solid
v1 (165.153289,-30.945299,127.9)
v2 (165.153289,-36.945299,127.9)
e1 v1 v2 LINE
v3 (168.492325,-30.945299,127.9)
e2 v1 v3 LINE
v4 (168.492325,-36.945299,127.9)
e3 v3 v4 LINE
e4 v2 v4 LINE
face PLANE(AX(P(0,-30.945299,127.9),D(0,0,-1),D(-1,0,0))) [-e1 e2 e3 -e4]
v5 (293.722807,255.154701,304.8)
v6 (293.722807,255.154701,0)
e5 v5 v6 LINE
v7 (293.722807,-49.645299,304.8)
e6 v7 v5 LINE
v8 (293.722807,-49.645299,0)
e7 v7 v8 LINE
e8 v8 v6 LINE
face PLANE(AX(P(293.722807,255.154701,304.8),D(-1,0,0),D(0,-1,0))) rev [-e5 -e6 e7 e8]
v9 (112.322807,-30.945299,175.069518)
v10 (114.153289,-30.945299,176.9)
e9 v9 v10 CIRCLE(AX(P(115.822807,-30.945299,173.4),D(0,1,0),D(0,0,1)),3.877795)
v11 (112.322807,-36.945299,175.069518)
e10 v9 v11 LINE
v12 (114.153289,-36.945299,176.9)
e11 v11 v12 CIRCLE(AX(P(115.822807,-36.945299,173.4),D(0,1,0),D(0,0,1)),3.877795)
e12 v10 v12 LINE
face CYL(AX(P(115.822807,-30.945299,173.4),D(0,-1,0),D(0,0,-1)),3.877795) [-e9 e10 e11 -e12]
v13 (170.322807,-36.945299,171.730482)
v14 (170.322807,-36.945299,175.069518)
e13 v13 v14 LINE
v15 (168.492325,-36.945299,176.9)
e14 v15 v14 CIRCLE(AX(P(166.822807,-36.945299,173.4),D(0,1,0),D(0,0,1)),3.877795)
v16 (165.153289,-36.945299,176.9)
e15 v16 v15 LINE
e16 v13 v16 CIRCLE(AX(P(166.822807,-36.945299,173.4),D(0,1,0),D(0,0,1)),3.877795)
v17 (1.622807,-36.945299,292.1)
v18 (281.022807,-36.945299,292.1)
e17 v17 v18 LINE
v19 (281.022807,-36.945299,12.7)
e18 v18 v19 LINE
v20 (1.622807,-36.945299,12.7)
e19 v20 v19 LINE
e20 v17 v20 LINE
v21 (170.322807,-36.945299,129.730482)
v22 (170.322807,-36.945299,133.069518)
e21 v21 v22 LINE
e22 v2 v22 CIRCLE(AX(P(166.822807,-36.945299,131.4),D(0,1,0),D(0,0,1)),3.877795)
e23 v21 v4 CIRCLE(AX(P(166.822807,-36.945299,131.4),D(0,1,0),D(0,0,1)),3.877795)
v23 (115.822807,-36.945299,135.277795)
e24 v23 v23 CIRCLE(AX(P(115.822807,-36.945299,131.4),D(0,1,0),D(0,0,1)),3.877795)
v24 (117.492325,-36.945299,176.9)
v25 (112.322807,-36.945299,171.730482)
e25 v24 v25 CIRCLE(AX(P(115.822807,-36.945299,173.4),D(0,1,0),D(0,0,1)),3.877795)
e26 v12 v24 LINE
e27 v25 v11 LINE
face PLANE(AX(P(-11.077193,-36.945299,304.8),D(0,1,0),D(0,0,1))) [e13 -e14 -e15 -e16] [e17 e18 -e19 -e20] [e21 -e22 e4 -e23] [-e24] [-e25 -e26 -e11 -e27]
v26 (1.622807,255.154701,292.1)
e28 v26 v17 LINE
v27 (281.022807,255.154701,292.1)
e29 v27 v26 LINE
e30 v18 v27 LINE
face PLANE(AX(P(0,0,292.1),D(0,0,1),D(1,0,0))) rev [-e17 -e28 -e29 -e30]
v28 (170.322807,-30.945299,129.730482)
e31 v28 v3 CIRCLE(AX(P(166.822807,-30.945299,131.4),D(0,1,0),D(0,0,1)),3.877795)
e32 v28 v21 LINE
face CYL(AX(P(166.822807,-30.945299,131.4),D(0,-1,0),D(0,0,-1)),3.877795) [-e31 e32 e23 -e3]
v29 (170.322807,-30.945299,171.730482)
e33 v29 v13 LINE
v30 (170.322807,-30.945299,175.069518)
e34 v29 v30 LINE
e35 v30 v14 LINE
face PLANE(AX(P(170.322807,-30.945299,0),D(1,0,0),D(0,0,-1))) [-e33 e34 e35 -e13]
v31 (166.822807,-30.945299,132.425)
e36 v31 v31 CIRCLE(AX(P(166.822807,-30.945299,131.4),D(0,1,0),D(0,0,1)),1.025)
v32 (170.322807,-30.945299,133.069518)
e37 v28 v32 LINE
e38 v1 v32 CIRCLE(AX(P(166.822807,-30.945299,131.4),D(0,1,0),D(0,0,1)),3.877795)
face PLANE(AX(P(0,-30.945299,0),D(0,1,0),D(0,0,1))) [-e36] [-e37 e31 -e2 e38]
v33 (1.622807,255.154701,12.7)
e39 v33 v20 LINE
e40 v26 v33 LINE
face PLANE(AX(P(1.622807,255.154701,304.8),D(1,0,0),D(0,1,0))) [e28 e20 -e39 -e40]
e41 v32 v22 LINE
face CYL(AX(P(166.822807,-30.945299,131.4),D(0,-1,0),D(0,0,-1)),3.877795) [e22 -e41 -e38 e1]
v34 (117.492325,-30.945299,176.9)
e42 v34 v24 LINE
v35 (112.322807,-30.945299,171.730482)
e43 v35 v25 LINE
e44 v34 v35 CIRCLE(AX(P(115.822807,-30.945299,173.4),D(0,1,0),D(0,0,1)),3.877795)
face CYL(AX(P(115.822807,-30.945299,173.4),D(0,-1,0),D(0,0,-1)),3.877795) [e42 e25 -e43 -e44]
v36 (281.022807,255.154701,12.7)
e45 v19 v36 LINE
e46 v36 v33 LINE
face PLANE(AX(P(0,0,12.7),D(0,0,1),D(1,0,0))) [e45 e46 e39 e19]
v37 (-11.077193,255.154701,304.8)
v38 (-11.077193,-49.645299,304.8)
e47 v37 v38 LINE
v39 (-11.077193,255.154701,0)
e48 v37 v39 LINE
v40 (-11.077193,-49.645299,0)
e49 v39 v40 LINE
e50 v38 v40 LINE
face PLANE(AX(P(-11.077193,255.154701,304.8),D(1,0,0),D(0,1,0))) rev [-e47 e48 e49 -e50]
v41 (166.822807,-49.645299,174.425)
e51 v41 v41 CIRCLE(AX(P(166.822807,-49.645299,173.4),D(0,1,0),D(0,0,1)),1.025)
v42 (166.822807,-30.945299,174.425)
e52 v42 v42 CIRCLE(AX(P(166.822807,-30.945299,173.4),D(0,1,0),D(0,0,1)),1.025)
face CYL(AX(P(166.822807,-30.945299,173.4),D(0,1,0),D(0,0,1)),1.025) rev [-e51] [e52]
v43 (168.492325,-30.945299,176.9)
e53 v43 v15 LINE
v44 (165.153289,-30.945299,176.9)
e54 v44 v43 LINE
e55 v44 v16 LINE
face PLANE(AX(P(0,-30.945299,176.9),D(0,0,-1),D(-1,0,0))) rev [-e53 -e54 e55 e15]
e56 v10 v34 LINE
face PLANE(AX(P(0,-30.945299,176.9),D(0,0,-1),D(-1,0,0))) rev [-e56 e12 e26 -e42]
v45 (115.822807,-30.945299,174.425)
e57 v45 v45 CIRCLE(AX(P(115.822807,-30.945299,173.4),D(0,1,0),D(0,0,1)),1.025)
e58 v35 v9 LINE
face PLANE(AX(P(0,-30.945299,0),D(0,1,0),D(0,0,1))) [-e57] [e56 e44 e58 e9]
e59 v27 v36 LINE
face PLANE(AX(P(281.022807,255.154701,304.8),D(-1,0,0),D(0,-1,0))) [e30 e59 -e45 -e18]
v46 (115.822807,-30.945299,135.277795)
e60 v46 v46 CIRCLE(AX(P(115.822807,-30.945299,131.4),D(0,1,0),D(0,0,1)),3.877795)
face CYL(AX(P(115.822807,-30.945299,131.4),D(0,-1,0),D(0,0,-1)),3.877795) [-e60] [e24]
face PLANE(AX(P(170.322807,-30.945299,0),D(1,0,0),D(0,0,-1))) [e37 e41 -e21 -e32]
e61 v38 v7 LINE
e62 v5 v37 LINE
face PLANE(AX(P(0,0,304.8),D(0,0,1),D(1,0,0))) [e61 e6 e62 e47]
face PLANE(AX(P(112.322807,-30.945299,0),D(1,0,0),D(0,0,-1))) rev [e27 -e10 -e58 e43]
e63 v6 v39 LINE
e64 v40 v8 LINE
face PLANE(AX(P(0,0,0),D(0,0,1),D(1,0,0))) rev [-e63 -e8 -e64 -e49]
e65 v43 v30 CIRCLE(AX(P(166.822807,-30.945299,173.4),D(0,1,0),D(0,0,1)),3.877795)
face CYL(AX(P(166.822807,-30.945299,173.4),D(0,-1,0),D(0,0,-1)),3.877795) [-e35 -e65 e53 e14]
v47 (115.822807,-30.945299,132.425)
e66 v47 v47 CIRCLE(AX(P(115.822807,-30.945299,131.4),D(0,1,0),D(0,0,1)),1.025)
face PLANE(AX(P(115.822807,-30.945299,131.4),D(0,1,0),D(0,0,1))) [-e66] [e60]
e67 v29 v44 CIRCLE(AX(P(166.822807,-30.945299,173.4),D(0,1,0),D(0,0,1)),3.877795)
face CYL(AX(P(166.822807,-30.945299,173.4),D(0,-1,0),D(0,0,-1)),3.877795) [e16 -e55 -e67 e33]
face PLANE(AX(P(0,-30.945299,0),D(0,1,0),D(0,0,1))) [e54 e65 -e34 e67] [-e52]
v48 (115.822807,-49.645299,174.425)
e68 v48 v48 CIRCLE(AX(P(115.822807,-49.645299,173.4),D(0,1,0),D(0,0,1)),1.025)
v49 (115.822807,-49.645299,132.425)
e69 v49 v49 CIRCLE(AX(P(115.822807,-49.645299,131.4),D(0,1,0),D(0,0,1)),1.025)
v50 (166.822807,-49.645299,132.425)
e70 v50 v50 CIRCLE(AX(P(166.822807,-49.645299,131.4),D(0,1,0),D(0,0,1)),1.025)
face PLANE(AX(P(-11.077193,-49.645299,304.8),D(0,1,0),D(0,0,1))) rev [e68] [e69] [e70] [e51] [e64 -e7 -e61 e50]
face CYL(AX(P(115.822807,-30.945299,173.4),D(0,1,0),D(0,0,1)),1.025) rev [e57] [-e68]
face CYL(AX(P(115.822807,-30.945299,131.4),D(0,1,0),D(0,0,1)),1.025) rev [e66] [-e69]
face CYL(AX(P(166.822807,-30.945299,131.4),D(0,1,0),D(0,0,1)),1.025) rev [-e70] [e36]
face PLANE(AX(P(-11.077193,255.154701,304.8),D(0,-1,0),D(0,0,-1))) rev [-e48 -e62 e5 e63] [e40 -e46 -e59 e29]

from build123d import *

# Parameters (mm, degrees)
SKETCH1_W                = 304.8
SKETCH1_H                = 304.8
BOSS_EXTRUDE2_DEPTH      = 304.8
SHELL1_T                 = -12.7
SKETCH2_R                = 3.877794573
BOSS_EXTRUDE3_DEPTH      = 6
M2_5X0_45_TAPPED_HOLE3_D = 2.05


with BuildPart() as part:
    # Sketch1 → Boss-Extrude2 (new body)
    with BuildSketch(Plane.XY):
        with Locations((141.322807232, 102.754701441)):
            Rectangle(SKETCH1_W, SKETCH1_H)
    extrude(amount=BOSS_EXTRUDE2_DEPTH)

    # Shell1
    shell1_openings = [part.faces().sort_by_distance(p)[0] for p in [
        (141.322807232, 255.154701441, 152.4),
    ]]
    offset(amount=SHELL1_T, openings=shell1_openings, kind=Kind.INTERSECTION)

    # Sketch2 → Boss-Extrude3 (add)
    with BuildSketch(Plane(origin=(0, -36.945298559, 0), x_dir=(1, 0, 0), z_dir=(0, 1, 0))):
        with Locations(Location((115.822807232, -131.4, 0), (0, 0, 270))):
            Circle(SKETCH2_R)
        with BuildLine():
            Line((168.492325351, -127.9), (165.153289112, -127.9))
            ThreePointArc((165.153289112, -127.9), (164.080792393, -134.142014839), (170.322807232, -133.069518119))
            Line((170.322807232, -133.069518119), (170.322807232, -129.730481881))
            ThreePointArc((170.322807232, -129.730481881), (169.56482207, -128.657985161), (168.492325351, -127.9))
        make_face()
        with BuildLine():
            ThreePointArc((117.492325351, -176.9), (118.56482207, -170.657985161), (112.322807232, -171.730481881))
            Line((112.322807232, -171.730481881), (112.322807232, -175.069518119))
            ThreePointArc((112.322807232, -175.069518119), (113.080792393, -176.142014839), (114.153289112, -176.9))
            Line((114.153289112, -176.9), (117.492325351, -176.9))
        make_face()
        with BuildLine():
            Line((170.322807232, -175.069518119), (170.322807232, -171.730481881))
            ThreePointArc((170.322807232, -171.730481881), (164.080792393, -170.657985161), (165.153289112, -176.9))
            Line((165.153289112, -176.9), (168.492325351, -176.9))
            ThreePointArc((168.492325351, -176.9), (169.56482207, -176.142014839), (170.322807232, -175.069518119))
        make_face()
    extrude(amount=BOSS_EXTRUDE3_DEPTH)

    # M2.5x0.45 Tapped Hole3 (through all)
    with Locations(Plane(origin=(0, -30.945298559, 0), x_dir=(1, 0, 0), z_dir=(0, 1, 0))):
        with Locations((115.822807232, -131.4), (166.822807232, -131.4), (166.822807232, -173.4), (115.822807232, -173.4)):
            Hole(M2_5X0_45_TAPPED_HOLE3_D / 2)


solid = part.part
